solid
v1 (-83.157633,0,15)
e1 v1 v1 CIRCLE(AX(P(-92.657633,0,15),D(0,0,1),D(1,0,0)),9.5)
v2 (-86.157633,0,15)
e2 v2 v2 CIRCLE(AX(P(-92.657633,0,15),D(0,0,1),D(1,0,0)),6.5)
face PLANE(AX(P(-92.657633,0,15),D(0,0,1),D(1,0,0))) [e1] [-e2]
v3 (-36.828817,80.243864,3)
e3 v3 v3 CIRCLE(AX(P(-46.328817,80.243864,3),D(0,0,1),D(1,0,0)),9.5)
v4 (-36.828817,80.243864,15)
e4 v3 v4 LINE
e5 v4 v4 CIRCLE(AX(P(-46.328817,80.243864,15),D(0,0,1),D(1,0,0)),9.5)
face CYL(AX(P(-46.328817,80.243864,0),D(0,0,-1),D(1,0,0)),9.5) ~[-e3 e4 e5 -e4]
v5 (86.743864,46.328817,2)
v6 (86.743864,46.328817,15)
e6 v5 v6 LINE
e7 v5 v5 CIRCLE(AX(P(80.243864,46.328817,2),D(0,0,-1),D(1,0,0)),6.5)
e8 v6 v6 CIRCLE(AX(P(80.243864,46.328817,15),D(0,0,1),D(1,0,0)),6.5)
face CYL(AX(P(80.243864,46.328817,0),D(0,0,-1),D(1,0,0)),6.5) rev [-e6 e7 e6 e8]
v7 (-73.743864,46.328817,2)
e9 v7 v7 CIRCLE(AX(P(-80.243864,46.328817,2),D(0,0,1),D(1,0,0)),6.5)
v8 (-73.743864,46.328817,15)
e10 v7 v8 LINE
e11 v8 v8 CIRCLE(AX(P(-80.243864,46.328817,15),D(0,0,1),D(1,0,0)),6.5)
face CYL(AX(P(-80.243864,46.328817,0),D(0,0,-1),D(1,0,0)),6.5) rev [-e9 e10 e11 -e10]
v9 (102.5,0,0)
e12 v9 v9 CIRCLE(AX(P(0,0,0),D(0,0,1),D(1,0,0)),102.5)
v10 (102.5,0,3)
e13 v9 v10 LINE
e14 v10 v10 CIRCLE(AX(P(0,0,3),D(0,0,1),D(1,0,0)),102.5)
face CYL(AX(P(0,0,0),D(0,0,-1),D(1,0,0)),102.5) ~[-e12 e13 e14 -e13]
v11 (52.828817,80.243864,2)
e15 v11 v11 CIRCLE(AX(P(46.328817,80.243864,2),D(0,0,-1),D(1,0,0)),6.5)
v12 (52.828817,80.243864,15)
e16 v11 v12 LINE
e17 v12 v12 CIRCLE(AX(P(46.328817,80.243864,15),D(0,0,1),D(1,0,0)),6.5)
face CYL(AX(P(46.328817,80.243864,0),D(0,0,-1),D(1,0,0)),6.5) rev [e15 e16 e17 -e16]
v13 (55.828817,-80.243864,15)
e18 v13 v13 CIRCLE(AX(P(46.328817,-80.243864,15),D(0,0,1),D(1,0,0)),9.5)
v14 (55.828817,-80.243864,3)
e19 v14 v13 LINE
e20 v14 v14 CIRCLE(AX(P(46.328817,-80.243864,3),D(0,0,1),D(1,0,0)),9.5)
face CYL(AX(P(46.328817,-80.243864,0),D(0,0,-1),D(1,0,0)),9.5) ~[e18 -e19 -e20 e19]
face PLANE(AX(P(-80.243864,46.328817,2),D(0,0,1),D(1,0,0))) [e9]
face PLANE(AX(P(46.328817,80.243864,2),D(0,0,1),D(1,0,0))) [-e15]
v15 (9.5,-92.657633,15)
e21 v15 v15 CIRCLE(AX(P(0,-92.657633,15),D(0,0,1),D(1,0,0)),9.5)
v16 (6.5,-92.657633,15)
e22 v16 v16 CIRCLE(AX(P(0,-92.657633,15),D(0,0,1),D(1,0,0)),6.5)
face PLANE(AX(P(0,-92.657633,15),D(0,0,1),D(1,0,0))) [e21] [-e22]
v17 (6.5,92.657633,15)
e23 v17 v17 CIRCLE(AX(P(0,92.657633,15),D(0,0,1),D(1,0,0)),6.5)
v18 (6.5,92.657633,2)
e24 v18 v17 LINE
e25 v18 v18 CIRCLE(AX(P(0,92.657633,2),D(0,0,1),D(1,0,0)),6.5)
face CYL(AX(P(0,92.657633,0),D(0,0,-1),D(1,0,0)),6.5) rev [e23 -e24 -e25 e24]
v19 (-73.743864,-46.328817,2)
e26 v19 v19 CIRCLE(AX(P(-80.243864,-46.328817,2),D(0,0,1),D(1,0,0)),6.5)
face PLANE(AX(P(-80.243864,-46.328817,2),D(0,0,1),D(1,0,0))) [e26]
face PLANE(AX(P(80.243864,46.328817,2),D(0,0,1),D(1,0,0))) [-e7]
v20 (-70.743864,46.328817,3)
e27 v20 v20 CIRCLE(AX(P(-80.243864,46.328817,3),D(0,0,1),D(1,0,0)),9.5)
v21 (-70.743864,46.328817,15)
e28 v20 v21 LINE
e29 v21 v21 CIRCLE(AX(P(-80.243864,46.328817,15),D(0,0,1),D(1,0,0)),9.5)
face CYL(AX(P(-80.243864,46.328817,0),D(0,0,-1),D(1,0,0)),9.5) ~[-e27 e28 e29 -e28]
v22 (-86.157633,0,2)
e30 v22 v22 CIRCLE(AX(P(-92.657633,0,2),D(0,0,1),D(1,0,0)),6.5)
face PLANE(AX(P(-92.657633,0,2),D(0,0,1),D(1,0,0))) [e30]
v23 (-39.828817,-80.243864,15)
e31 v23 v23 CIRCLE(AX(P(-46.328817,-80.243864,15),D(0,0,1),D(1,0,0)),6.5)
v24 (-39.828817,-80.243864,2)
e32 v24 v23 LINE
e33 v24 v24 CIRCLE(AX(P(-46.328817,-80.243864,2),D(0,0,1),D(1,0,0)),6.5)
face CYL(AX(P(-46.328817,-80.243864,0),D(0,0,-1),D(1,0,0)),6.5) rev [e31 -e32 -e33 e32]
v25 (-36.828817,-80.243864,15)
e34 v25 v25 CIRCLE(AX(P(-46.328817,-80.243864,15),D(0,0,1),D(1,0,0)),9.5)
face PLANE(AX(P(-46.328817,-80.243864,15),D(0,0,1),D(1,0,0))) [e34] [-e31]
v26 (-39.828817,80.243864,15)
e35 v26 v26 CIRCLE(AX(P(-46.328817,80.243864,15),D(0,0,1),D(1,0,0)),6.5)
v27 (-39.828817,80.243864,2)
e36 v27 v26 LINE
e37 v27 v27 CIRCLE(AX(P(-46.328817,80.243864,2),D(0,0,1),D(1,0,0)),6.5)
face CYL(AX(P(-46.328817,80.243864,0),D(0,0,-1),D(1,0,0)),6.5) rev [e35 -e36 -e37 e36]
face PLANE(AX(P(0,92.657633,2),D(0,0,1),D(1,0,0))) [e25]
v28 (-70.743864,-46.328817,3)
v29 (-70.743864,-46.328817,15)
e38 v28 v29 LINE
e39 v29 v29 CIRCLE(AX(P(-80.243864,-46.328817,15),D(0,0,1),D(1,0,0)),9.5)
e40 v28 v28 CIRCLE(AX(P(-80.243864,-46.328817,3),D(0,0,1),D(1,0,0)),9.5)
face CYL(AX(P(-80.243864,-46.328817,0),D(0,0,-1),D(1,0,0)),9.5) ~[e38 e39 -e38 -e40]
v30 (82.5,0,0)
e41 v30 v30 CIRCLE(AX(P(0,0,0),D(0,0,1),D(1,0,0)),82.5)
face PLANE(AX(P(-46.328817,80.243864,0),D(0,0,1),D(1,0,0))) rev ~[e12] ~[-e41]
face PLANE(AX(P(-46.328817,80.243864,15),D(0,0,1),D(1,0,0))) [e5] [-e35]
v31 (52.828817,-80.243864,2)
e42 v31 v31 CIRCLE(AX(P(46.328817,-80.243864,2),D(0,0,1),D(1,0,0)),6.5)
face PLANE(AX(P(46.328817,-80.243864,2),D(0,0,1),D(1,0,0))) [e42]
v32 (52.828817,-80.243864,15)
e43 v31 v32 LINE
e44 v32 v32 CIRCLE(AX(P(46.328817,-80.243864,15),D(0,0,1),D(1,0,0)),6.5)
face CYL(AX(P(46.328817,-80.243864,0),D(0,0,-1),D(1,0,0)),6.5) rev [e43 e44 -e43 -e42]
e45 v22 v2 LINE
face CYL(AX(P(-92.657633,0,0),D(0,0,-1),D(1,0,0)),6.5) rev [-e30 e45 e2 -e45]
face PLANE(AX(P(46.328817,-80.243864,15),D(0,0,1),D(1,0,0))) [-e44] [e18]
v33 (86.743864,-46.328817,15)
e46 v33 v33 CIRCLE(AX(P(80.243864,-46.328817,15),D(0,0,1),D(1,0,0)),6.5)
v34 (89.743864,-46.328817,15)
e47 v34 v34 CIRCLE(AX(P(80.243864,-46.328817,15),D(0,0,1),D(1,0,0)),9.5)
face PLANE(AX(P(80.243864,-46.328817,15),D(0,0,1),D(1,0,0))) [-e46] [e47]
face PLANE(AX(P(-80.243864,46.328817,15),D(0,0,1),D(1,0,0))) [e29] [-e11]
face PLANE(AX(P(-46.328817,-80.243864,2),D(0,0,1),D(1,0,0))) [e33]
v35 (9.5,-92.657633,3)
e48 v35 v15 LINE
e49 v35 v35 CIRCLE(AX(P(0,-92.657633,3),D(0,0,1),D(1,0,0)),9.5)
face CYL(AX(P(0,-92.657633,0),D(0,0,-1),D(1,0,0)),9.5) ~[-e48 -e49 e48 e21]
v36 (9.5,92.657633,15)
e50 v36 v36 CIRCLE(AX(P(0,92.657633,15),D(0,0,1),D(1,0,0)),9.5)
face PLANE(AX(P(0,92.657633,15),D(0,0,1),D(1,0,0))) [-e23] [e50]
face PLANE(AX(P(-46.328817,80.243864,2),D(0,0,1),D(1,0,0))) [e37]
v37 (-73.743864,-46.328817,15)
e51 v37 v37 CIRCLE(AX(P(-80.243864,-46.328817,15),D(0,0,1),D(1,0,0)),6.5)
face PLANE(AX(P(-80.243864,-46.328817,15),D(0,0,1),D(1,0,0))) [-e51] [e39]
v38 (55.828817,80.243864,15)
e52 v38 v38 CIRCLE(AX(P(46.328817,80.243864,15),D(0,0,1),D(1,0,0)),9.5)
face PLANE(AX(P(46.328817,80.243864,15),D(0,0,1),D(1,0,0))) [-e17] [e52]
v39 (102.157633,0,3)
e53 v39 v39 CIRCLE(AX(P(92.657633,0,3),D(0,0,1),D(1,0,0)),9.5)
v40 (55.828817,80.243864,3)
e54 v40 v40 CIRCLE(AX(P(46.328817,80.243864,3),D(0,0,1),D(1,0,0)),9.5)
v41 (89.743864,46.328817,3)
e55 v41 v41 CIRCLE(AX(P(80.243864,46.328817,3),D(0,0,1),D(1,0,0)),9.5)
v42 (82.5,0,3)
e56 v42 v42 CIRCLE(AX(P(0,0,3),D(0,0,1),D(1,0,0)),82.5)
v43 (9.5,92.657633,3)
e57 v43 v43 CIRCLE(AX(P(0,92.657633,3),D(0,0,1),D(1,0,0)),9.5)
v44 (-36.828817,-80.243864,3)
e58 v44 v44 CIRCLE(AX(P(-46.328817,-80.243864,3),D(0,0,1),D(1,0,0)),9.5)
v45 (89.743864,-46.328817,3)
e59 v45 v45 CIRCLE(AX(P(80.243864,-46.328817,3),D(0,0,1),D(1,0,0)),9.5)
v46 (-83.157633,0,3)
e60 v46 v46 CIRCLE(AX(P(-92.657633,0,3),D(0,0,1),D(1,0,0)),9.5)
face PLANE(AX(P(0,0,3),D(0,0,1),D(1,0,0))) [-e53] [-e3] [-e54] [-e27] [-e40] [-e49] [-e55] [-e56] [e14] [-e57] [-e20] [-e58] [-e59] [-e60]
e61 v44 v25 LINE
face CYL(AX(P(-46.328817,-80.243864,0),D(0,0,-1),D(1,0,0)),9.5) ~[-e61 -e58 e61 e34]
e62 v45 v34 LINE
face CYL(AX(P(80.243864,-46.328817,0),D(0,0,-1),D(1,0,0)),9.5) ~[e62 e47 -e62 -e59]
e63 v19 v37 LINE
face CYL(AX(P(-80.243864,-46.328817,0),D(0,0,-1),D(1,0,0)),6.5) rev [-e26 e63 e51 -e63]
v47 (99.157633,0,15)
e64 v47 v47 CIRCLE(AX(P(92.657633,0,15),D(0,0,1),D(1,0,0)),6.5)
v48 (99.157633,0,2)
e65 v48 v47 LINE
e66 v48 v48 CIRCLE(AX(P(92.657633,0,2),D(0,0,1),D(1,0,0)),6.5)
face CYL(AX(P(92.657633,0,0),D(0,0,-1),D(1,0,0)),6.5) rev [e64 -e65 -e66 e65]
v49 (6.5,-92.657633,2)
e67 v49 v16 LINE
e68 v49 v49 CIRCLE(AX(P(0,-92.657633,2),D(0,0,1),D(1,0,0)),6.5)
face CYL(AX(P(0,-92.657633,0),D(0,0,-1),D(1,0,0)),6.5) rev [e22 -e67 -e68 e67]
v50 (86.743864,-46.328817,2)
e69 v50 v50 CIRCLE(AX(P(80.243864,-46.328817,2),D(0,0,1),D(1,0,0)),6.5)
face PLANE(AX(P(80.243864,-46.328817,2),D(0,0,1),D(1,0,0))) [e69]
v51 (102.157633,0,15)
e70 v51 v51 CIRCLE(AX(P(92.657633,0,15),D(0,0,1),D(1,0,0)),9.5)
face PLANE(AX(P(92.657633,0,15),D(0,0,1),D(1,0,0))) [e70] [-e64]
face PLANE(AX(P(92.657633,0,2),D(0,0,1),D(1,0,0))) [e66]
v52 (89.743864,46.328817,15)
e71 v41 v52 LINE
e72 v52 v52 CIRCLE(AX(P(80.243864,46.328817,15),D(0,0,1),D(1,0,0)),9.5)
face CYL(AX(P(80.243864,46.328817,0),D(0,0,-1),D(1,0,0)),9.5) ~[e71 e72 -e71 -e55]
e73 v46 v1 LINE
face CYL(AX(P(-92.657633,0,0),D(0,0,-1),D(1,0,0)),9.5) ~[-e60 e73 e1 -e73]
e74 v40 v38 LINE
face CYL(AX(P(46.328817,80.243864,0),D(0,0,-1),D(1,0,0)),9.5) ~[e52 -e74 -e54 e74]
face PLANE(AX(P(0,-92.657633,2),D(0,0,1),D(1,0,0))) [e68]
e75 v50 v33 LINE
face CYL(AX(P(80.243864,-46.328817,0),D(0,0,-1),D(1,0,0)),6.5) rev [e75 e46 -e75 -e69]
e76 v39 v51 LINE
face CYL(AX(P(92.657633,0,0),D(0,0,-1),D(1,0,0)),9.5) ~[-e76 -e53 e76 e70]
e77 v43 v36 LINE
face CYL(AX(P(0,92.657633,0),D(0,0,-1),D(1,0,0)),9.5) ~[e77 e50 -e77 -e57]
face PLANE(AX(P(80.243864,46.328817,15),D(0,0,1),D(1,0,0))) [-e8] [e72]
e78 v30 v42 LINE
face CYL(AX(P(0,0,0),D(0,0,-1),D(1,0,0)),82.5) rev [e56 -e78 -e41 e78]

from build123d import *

# Parameters (mm, degrees)
F0_R     = 102.5
F0_R_2   = 9.5
F0_R_3   = 82.5
F1_DEPTH = 3
F0_R_4   = 6.5
F2_DEPTH = 15
F3_DEPTH = 2


with BuildPart() as f1:
    # F0 (on Top) → F1 (new body)
    with BuildSketch(Plane.XY):
        Circle(F0_R)
        with Locations((-46.328817, -80.243864)):
            Circle(F0_R_2, mode=Mode.SUBTRACT)
        with Locations((-80.243864, -46.328817)):
            Circle(F0_R_2, mode=Mode.SUBTRACT)
        with Locations((0, -92.657633)):
            Circle(F0_R_2, mode=Mode.SUBTRACT)
        with Locations((46.328817, -80.243864)):
            Circle(F0_R_2, mode=Mode.SUBTRACT)
        with Locations((80.243864, -46.328817)):
            Circle(F0_R_2, mode=Mode.SUBTRACT)
        with Locations((-92.657633, 0)):
            Circle(F0_R_2, mode=Mode.SUBTRACT)
        with Locations((-80.243864, 46.328817)):
            Circle(F0_R_2, mode=Mode.SUBTRACT)
        with Locations((-46.328817, 80.243864)):
            Circle(F0_R_2, mode=Mode.SUBTRACT)
        Circle(F0_R_3, mode=Mode.SUBTRACT)
        with Locations((92.657633, 0)):
            Circle(F0_R_2, mode=Mode.SUBTRACT)
        with Locations((80.243864, 46.328817)):
            Circle(F0_R_2, mode=Mode.SUBTRACT)
        with Locations((0, 92.657633)):
            Circle(F0_R_2, mode=Mode.SUBTRACT)
        with Locations((46.328817, 80.243864)):
            Circle(F0_R_2, mode=Mode.SUBTRACT)
    extrude(amount=F1_DEPTH)

    # F0 (on Top) → F2 (join)
    with BuildSketch(Plane.XY):
        with Locations((-80.243864, 46.328817)):
            Circle(F0_R_2)
        with Locations((-80.243864, 46.328817)):
            Circle(F0_R_4, mode=Mode.SUBTRACT)
        with Locations((-46.328817, 80.243864)):
            Circle(F0_R_2)
        with Locations((-46.328817, 80.243864)):
            Circle(F0_R_4, mode=Mode.SUBTRACT)
        with Locations((0, 92.657633)):
            Circle(F0_R_2)
        with Locations((0, 92.657633)):
            Circle(F0_R_4, mode=Mode.SUBTRACT)
        with Locations((92.657633, 0)):
            Circle(F0_R_2)
        with Locations((92.657633, 0)):
            Circle(F0_R_4, mode=Mode.SUBTRACT)
        with Locations((80.243864, -46.328817)):
            Circle(F0_R_2)
        with Locations((80.243864, -46.328817)):
            Circle(F0_R_4, mode=Mode.SUBTRACT)
        with Locations((46.328817, -80.243864)):
            Circle(F0_R_2)
        with Locations((46.328817, -80.243864)):
            Circle(F0_R_4, mode=Mode.SUBTRACT)
        with Locations((0, -92.657633)):
            Circle(F0_R_2)
        with Locations((0, -92.657633)):
            Circle(F0_R_4, mode=Mode.SUBTRACT)
        with Locations((-46.328817, -80.243864)):
            Circle(F0_R_2)
        with Locations((-46.328817, -80.243864)):
            Circle(F0_R_4, mode=Mode.SUBTRACT)
        with Locations((-80.243864, -46.328817)):
            Circle(F0_R_2)
        with Locations((-80.243864, -46.328817)):
            Circle(F0_R_4, mode=Mode.SUBTRACT)
        with Locations((-92.657633, 0)):
            Circle(F0_R_2)
        with Locations((-92.657633, 0)):
            Circle(F0_R_4, mode=Mode.SUBTRACT)
        with Locations((46.328817, 80.243864)):
            Circle(F0_R_2)
        with Locations((46.328817, 80.243864)):
            Circle(F0_R_4, mode=Mode.SUBTRACT)
        with Locations((80.243864, 46.328817)):
            Circle(F0_R_2)
        with Locations((80.243864, 46.328817)):
            Circle(F0_R_4, mode=Mode.SUBTRACT)
    extrude(amount=F2_DEPTH)

    # F0 (on Top) → F3 (join)
    with BuildSketch(Plane.XY):
        with Locations((-46.328817, 80.243864)):
            Circle(F0_R_4)
        with Locations((0, 92.657633)):
            Circle(F0_R_4)
        with Locations((92.657633, 0)):
            Circle(F0_R_4)
        with Locations((80.243864, -46.328817)):
            Circle(F0_R_4)
        with Locations((46.328817, -80.243864)):
            Circle(F0_R_4)
        with Locations((0, -92.657633)):
            Circle(F0_R_4)
        with Locations((-46.328817, -80.243864)):
            Circle(F0_R_4)
        with Locations((-80.243864, -46.328817)):
            Circle(F0_R_4)
        with Locations((-92.657633, 0)):
            Circle(F0_R_4)
        with Locations((-80.243864, 46.328817)):
            Circle(F0_R_4)
        with Locations((46.328817, 80.243864)):
            Circle(F0_R_2)
        with Locations((46.328817, 80.243864)):
            Circle(F0_R_4, mode=Mode.SUBTRACT)
        with Locations((80.243864, 46.328817)):
            Circle(F0_R_2)
        with Locations((80.243864, 46.328817)):
            Circle(F0_R_4, mode=Mode.SUBTRACT)
        with Locations((46.328817, 80.243864)):
            Circle(F0_R_4)
        with Locations((80.243864, 46.328817)):
            Circle(F0_R_4)
    extrude(amount=F3_DEPTH)


solid = f1.part
